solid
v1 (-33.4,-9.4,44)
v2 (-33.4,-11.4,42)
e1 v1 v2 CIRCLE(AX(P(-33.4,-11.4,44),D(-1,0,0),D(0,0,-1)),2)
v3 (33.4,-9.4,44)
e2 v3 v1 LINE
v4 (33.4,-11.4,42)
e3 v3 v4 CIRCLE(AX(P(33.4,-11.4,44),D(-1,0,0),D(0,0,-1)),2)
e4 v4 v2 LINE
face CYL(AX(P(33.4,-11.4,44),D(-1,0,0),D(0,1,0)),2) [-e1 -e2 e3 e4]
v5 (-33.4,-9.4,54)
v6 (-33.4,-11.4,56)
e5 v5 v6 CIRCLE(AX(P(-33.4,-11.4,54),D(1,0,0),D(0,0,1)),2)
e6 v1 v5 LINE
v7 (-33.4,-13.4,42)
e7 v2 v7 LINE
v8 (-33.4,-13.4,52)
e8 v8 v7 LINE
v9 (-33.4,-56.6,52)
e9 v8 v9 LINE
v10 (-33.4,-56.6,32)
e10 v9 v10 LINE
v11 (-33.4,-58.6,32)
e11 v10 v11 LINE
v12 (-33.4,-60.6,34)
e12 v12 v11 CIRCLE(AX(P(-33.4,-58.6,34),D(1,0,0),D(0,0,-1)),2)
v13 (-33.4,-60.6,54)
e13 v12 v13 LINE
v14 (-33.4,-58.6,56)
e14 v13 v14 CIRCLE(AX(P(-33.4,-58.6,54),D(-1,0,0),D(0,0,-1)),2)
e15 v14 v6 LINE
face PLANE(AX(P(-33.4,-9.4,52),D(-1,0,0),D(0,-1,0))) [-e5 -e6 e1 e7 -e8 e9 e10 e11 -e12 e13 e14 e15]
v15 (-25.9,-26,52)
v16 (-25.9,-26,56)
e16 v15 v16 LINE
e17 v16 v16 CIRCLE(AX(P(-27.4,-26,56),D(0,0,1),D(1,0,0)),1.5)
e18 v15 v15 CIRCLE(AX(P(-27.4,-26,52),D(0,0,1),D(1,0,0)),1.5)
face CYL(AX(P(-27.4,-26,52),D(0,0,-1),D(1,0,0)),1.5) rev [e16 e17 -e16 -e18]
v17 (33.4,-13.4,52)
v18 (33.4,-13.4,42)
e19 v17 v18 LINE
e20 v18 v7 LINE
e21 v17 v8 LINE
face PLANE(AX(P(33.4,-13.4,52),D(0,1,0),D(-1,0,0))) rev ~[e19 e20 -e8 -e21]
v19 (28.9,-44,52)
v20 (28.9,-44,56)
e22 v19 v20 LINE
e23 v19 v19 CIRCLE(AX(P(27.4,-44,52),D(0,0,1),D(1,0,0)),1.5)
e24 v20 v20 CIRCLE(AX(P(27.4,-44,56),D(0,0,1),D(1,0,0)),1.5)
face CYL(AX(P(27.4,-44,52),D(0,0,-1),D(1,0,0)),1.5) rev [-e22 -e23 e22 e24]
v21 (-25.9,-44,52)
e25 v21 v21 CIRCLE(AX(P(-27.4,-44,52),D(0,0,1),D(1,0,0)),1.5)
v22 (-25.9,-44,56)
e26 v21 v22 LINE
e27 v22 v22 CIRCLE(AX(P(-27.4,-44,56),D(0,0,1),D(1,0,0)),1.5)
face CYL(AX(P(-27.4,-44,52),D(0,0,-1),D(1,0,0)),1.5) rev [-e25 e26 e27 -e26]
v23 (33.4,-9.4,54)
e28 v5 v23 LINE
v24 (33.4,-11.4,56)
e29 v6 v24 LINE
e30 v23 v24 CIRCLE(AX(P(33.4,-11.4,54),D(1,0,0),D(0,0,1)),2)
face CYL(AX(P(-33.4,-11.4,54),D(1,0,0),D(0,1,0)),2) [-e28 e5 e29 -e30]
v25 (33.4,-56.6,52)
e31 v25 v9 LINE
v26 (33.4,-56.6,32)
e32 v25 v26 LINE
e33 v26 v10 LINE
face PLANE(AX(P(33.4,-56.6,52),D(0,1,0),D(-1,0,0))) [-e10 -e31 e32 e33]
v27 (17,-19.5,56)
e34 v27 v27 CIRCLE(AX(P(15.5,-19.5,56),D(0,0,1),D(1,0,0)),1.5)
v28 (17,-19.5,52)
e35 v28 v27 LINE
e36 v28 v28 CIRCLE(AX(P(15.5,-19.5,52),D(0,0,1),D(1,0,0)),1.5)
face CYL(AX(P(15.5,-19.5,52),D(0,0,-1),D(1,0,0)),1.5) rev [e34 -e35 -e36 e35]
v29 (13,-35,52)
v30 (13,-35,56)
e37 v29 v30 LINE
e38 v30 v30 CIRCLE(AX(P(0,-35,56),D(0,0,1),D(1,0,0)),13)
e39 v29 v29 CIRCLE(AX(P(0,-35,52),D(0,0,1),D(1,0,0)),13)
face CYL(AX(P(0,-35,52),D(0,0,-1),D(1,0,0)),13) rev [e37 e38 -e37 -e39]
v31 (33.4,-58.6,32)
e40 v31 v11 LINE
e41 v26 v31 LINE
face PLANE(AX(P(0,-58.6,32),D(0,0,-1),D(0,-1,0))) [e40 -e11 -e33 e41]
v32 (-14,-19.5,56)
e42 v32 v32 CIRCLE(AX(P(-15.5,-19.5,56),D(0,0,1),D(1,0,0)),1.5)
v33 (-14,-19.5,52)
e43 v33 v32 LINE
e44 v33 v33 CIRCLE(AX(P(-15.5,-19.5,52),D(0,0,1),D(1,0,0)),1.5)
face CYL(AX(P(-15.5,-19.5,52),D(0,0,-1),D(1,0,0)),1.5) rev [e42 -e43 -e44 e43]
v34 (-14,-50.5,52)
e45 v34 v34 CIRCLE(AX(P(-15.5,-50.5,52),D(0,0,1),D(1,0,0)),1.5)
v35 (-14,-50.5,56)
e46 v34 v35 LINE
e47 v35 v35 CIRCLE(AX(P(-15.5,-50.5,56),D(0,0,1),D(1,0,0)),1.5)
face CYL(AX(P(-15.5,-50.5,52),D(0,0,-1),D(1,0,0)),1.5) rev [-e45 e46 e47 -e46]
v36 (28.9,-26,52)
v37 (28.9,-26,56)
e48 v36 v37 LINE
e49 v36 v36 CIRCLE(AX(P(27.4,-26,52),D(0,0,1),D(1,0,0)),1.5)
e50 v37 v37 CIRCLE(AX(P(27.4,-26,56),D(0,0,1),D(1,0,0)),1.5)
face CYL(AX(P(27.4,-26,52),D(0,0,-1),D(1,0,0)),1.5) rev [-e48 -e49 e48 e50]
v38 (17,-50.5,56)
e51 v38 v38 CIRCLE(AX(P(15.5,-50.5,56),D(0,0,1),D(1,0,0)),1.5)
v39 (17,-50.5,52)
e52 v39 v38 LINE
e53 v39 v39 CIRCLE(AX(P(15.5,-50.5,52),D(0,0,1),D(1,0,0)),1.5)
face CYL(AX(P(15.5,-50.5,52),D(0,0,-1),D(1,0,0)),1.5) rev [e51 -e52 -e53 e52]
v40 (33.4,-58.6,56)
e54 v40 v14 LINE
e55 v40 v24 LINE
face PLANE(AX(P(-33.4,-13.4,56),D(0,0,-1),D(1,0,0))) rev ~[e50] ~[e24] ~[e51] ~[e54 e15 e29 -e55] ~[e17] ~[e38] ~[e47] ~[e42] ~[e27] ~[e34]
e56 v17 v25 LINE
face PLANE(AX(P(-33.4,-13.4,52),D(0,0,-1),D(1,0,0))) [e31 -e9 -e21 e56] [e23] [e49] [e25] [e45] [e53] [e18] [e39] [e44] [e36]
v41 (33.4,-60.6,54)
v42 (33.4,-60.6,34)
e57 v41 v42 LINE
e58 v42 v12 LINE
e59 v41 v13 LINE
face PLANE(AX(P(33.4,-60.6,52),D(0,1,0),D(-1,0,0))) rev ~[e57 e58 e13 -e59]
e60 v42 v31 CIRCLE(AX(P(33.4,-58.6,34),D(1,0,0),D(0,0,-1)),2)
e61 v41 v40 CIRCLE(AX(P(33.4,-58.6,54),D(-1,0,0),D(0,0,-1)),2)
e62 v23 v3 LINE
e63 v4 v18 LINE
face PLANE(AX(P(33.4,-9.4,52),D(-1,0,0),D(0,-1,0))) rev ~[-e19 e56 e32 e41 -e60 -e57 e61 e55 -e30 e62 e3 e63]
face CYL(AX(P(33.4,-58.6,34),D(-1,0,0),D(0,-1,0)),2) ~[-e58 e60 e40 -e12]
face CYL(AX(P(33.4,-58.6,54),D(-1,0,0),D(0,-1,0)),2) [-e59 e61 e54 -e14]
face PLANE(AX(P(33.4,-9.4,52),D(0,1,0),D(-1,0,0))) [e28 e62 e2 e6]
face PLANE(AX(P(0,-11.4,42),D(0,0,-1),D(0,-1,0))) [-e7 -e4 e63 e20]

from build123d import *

# Parameters (mm, degrees)
SKETCH003_W     = 66.8
SKETCH003_H     = 42
SKETCH003_R     = 1.5
SKETCH003_R_2   = 13
PAD003_DEPTH    = 4
PAD003_FACE3_W  = 66.8
PAD003_FACE3_H  = 4
PAD004_DEPTH    = 0.6
PAD004_FACE19_W = 66.8
PAD004_FACE19_H = 4
PAD005_DEPTH    = 4
PAD005_FACE21_W = 4
PAD005_FACE21_H = 66.8
PAD006_DEPTH    = 20
PAD006_FACE1_W  = 66.8
PAD006_FACE1_H  = 4
PAD007_DEPTH    = 0.6
PAD007_FACE11_W = 66.8
PAD007_FACE11_H = 4
PAD008_DEPTH    = 4
PAD008_FACE28_W = 4
PAD008_FACE28_H = 66.8
PAD009_DEPTH    = 10
FILLET003_R     = 2


with BuildPart() as part:
    # Sketch003 → Pad003 (new body)
    with BuildSketch(Plane.XY):
        with Locations((0, -35)):
            Rectangle(SKETCH003_W, SKETCH003_H)
        with Locations((-27.4, -26)):
            Circle(SKETCH003_R, mode=Mode.SUBTRACT)
        with Locations((0, -35)):
            Circle(SKETCH003_R_2, mode=Mode.SUBTRACT)
        with Locations((27.4, -26)):
            Circle(SKETCH003_R, mode=Mode.SUBTRACT)
        with Locations((27.4, -44)):
            Circle(SKETCH003_R, mode=Mode.SUBTRACT)
        with Locations((-27.4, -44)):
            Circle(SKETCH003_R, mode=Mode.SUBTRACT)
        with Locations((-15.5, -50.5)):
            Circle(SKETCH003_R, mode=Mode.SUBTRACT)
        with Locations((15.5, -50.5)):
            Circle(SKETCH003_R, mode=Mode.SUBTRACT)
        with Locations((-15.5, -19.5)):
            Circle(SKETCH003_R, mode=Mode.SUBTRACT)
        with Locations((15.5, -19.5)):
            Circle(SKETCH003_R, mode=Mode.SUBTRACT)
    extrude(amount=PAD003_DEPTH)

    # Pad003 Face3 → Pad004 (add)
    with BuildSketch(Plane(origin=(0, -56, 2), x_dir=(-1, 0, 0), z_dir=(0, -1, 0))):
        Rectangle(PAD003_FACE3_W, PAD003_FACE3_H)
    extrude(amount=PAD004_DEPTH)

    # Pad004 Face19 → Pad005 (add)
    with BuildSketch(Plane(origin=(0, -56.6, 2), x_dir=(-1, 0, 0), z_dir=(0, -1, 0))):
        Rectangle(PAD004_FACE19_W, PAD004_FACE19_H)
    extrude(amount=PAD005_DEPTH)

    # Pad005 Face21 → Pad006 (add)
    with BuildSketch(Plane(origin=(0, -58.6, 0), x_dir=(0, -1, 0), z_dir=(0, 0, -1))):
        Rectangle(PAD005_FACE21_W, PAD005_FACE21_H)
    extrude(amount=PAD006_DEPTH)

    # Pad006 Face1 → Pad007 (add)
    with BuildSketch(Plane(origin=(0, -14, 2), x_dir=(1, 0, 0), z_dir=(0, 1, 0))):
        Rectangle(PAD006_FACE1_W, PAD006_FACE1_H)
    extrude(amount=PAD007_DEPTH)

    # Pad007 Face11 → Pad008 (add)
    with BuildSketch(Plane(origin=(0, -13.4, 2), x_dir=(1, 0, 0), z_dir=(0, 1, 0))):
        Rectangle(PAD007_FACE11_W, PAD007_FACE11_H)
    extrude(amount=PAD008_DEPTH)

    # Pad008 Face28 → Pad009 (add)
    with BuildSketch(Plane(origin=(0, -11.4, 0), x_dir=(0, -1, 0), z_dir=(0, 0, -1))):
        Rectangle(PAD008_FACE28_W, PAD008_FACE28_H)
    extrude(amount=PAD009_DEPTH)

    # Fillet003
    fillet003_edges = [part.edges().sort_by_distance(p)[0] for p in [
        (0, -60.6, -20),
        (0, -60.6, 4),
        (0, -9.4, 4),
        (0, -9.4, -10),
    ]]
    fillet(fillet003_edges, radius=FILLET003_R)


with BuildPart() as part_1:
    # Body001 placement: moved
    add(part.part.moved(Location((0, 0, 52))))


solid = part_1.part
